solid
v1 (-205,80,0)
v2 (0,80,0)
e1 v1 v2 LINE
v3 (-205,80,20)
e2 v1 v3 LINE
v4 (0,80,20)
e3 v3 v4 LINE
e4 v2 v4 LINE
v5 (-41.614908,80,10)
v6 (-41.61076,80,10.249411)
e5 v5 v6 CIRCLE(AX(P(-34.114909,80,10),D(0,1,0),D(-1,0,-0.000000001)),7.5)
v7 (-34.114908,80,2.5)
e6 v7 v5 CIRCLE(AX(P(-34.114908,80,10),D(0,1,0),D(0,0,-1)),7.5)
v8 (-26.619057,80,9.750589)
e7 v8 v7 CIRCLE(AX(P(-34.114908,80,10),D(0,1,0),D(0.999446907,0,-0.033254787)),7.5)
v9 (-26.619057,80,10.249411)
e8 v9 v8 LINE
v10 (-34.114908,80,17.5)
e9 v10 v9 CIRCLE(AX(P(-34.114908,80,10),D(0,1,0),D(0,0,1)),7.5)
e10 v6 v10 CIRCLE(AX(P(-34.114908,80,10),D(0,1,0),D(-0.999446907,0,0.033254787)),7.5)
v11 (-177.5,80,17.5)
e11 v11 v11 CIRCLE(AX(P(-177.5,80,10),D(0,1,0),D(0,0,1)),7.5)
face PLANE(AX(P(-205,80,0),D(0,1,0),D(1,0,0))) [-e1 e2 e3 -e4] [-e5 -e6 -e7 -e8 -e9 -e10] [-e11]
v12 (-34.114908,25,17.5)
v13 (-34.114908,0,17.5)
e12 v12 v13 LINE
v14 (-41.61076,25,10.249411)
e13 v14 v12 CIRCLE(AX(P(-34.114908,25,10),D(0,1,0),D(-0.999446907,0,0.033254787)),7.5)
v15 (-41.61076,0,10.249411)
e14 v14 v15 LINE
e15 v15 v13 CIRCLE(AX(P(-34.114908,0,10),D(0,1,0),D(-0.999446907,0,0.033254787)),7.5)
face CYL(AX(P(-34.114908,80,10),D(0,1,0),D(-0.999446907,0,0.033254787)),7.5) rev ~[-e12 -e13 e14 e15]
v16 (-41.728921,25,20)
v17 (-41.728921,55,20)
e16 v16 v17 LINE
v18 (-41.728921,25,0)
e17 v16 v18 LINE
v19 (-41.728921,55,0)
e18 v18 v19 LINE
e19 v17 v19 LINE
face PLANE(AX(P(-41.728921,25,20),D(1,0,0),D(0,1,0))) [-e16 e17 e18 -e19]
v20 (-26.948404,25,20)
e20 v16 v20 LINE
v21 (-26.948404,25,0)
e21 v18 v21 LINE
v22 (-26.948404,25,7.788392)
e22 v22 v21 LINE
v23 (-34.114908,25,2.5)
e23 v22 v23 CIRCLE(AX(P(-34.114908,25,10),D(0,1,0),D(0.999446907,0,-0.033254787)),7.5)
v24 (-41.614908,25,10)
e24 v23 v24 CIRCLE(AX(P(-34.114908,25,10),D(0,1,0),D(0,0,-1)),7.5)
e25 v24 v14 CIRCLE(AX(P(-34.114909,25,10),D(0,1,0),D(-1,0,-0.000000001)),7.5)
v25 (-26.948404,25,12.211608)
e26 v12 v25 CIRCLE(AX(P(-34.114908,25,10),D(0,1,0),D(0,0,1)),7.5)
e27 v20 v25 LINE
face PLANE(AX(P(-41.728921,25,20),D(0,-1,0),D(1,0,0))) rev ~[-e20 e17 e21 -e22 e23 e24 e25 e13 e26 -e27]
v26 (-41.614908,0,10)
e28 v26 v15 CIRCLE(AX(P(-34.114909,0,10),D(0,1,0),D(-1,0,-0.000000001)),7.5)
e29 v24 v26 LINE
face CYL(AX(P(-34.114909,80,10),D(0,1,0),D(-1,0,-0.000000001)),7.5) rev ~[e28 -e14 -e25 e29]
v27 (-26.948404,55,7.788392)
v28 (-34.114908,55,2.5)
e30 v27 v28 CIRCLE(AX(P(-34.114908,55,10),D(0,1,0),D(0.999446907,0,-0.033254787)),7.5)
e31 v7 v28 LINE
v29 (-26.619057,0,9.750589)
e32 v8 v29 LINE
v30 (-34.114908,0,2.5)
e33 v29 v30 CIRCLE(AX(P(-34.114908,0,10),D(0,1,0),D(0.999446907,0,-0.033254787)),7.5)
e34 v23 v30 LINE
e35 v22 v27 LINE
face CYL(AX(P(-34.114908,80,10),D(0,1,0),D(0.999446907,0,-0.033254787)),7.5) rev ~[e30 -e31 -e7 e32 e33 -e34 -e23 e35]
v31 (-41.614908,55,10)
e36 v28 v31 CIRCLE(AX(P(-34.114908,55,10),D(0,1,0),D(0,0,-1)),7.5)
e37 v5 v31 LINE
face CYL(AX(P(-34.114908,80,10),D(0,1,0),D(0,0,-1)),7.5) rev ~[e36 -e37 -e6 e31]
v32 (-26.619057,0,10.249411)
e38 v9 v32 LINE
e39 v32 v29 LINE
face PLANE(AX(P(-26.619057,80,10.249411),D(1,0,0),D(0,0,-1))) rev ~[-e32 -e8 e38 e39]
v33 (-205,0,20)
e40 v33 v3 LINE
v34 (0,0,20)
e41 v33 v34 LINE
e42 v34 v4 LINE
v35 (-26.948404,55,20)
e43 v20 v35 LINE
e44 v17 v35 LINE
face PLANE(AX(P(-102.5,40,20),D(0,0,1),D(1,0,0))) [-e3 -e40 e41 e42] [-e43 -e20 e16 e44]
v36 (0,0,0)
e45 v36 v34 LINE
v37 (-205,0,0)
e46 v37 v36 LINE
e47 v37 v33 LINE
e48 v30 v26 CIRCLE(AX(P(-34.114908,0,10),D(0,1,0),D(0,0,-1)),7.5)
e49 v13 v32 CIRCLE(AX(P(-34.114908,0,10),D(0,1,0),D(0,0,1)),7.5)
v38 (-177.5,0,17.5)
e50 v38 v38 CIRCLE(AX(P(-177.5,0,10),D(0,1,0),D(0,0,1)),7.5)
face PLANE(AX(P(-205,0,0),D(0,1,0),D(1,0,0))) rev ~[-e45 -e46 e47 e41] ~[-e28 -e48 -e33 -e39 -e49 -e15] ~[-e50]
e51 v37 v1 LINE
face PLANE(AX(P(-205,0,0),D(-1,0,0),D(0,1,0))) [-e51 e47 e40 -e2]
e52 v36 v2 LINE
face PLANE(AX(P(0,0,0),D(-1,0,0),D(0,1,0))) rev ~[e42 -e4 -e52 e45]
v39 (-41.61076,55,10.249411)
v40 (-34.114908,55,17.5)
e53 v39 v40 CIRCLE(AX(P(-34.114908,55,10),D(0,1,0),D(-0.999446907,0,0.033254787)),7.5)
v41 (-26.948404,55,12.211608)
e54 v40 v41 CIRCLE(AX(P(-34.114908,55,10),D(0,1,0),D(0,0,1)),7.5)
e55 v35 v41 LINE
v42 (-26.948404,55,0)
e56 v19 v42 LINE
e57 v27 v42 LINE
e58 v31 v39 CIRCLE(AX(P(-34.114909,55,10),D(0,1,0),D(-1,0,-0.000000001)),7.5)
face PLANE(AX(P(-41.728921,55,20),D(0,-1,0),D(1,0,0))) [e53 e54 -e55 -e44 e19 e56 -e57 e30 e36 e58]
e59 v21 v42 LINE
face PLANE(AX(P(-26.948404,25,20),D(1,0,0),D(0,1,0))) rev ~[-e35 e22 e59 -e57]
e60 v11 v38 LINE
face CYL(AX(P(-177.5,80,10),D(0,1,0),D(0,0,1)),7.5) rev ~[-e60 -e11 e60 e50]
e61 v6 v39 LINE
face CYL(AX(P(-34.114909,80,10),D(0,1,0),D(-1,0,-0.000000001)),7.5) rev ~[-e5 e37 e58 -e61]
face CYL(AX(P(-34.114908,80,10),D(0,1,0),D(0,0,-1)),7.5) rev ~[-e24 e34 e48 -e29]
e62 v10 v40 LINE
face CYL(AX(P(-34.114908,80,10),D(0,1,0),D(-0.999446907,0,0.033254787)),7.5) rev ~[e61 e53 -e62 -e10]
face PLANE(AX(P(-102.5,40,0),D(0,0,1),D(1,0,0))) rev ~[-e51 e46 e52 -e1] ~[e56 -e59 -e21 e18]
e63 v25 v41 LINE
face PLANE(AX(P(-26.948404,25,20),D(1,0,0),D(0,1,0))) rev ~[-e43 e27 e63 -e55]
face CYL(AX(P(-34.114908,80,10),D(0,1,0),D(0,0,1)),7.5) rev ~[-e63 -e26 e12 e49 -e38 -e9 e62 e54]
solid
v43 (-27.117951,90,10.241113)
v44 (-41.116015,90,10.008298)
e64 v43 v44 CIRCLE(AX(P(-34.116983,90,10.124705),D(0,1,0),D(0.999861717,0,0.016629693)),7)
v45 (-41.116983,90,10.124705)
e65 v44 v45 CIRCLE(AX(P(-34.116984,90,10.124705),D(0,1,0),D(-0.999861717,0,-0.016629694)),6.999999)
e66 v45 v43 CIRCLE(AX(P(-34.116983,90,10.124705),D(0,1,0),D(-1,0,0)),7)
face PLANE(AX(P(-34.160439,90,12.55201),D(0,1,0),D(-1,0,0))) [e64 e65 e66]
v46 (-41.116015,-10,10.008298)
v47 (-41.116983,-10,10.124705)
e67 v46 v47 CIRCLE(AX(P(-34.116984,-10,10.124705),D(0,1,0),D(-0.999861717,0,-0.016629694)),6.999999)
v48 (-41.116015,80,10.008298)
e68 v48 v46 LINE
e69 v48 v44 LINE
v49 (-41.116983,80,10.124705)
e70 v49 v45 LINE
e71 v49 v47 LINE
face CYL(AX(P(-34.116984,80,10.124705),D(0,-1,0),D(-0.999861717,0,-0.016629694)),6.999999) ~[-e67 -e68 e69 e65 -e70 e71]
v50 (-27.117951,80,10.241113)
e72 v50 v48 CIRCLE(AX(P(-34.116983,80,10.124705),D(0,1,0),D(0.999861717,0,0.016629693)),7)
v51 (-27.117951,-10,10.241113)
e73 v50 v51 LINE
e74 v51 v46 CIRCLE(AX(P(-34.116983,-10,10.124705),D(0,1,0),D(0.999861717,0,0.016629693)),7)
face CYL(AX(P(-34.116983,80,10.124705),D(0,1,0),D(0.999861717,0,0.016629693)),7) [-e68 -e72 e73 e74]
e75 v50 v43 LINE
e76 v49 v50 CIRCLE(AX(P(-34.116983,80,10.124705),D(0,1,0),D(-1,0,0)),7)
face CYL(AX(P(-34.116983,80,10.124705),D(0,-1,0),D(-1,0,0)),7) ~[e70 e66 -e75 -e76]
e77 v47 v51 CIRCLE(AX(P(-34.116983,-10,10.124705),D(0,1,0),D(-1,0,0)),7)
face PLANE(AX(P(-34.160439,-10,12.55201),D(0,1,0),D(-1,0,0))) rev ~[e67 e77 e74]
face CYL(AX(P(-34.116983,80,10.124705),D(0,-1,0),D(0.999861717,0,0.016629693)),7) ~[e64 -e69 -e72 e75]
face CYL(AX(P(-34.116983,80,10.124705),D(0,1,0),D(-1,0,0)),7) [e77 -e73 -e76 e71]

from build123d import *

# Parameters (mm, degrees)
F0_W     = 205
F0_H     = 80
F1_DEPTH = 20
F3_DEPTH = 80
F4_DEPTH = 80
F5_W     = 14.7805176675
F5_H     = 30
F6_DEPTH = 20
F8_DEPTH = 90
F9_DEPTH = 10


with BuildPart() as f1:
    # F0 (on Top) → F1 (new body)
    with BuildSketch(Plane.XY):
        with Locations((-102.5, 40)):
            Rectangle(F0_W, F0_H)
    extrude(amount=F1_DEPTH)

    # F2 (on face) → F3 (cut)
    with BuildSketch(Plane(origin=(0, 80, 0), x_dir=(-1, 0, 0), z_dir=(0, 1, 0))):
        with BuildLine():
            ThreePointArc((41.614908427, 10), (41.6138713052, 10.1247226994), (41.6107602265, 10.2494109048))
            ThreePointArc((41.6107602265, 10.2494109048), (39.3292836635, 15.3907597696), (34.114908427, 17.5))
            Line((34.114908427, 17.5), (34.114908427, 2.5))
            ThreePointArc((34.114908427, 2.5), (39.4182092859, 4.6966991411), (41.614908427, 10))
        make_face()
        with BuildLine():
            ThreePointArc((26.6190566275, 9.7505890952), (28.9005331905, 4.6092402304), (34.114908427, 2.5))
            Line((34.114908427, 2.5), (34.114908427, 17.5))
            ThreePointArc((34.114908427, 17.5), (28.9005331905, 15.3907597696), (26.6190566275, 10.2494109048))
            Line((26.6190566275, 10.2494109048), (26.6190566275, 9.7505890952))
        make_face()
    extrude(amount=-F3_DEPTH, mode=Mode.SUBTRACT)

    # F2 (on face) → F4 (cut)
    with BuildSketch(Plane(origin=(0, 80, 0), x_dir=(-1, 0, 0), z_dir=(0, 1, 0))):
        with BuildLine():
            Line((177.5, 17.5), (177.5, 2.5))
            ThreePointArc((177.5, 2.5), (182.8033008589, 4.6966991411), (185, 10))
            ThreePointArc((185, 10), (182.8033008589, 15.3033008589), (177.5, 17.5))
        make_face()
        with BuildLine():
            ThreePointArc((177.5, 17.5), (170, 10), (177.5, 2.5))
            Line((177.5, 2.5), (177.5, 17.5))
        make_face()
    extrude(amount=-F4_DEPTH, mode=Mode.SUBTRACT)

    # F5 (on face) → F6 (cut)
    with BuildSketch(Plane.XY.offset(20)):
        with Locations((-34.3386624008, 40)):
            Rectangle(F5_W, F5_H)
    extrude(amount=-F6_DEPTH, mode=Mode.SUBTRACT)


with BuildPart() as f8:
    # F7 (on face) → F8 (new body)
    with BuildSketch(Plane(origin=(0, 80, 0), x_dir=(-1, 0, 0), z_dir=(0, 1, 0))):
        with BuildLine():
            Line((27.1179505076, 10.2411133052), (41.1160145469, 10.0082975996))
            ThreePointArc((41.1160145469, 10.0082975996), (41.116740528, 10.0664995138), (41.1169825272, 10.1247054524))
            ThreePointArc((41.1169825272, 10.1247054524), (34.1751884659, 17.1244634531), (27.1179505076, 10.2411133052))
        make_face()
        with BuildLine():
            ThreePointArc((27.1179505076, 10.2411133052), (34.0005746744, 3.1256734328), (41.1160145469, 10.0082975996))
            Line((41.1160145469, 10.0082975996), (27.1179505076, 10.2411133052))
        make_face()
    extrude(amount=-F8_DEPTH)

    # F9 (add): a face of the model
    f9_faces = [f8.faces().sort_by_distance(p)[0] for p in [
        (-34.1169825272, 80, 10.1247054524),
    ]]
    extrude(f9_faces, amount=F9_DEPTH)


solid = Compound([f1.part, f8.part])
